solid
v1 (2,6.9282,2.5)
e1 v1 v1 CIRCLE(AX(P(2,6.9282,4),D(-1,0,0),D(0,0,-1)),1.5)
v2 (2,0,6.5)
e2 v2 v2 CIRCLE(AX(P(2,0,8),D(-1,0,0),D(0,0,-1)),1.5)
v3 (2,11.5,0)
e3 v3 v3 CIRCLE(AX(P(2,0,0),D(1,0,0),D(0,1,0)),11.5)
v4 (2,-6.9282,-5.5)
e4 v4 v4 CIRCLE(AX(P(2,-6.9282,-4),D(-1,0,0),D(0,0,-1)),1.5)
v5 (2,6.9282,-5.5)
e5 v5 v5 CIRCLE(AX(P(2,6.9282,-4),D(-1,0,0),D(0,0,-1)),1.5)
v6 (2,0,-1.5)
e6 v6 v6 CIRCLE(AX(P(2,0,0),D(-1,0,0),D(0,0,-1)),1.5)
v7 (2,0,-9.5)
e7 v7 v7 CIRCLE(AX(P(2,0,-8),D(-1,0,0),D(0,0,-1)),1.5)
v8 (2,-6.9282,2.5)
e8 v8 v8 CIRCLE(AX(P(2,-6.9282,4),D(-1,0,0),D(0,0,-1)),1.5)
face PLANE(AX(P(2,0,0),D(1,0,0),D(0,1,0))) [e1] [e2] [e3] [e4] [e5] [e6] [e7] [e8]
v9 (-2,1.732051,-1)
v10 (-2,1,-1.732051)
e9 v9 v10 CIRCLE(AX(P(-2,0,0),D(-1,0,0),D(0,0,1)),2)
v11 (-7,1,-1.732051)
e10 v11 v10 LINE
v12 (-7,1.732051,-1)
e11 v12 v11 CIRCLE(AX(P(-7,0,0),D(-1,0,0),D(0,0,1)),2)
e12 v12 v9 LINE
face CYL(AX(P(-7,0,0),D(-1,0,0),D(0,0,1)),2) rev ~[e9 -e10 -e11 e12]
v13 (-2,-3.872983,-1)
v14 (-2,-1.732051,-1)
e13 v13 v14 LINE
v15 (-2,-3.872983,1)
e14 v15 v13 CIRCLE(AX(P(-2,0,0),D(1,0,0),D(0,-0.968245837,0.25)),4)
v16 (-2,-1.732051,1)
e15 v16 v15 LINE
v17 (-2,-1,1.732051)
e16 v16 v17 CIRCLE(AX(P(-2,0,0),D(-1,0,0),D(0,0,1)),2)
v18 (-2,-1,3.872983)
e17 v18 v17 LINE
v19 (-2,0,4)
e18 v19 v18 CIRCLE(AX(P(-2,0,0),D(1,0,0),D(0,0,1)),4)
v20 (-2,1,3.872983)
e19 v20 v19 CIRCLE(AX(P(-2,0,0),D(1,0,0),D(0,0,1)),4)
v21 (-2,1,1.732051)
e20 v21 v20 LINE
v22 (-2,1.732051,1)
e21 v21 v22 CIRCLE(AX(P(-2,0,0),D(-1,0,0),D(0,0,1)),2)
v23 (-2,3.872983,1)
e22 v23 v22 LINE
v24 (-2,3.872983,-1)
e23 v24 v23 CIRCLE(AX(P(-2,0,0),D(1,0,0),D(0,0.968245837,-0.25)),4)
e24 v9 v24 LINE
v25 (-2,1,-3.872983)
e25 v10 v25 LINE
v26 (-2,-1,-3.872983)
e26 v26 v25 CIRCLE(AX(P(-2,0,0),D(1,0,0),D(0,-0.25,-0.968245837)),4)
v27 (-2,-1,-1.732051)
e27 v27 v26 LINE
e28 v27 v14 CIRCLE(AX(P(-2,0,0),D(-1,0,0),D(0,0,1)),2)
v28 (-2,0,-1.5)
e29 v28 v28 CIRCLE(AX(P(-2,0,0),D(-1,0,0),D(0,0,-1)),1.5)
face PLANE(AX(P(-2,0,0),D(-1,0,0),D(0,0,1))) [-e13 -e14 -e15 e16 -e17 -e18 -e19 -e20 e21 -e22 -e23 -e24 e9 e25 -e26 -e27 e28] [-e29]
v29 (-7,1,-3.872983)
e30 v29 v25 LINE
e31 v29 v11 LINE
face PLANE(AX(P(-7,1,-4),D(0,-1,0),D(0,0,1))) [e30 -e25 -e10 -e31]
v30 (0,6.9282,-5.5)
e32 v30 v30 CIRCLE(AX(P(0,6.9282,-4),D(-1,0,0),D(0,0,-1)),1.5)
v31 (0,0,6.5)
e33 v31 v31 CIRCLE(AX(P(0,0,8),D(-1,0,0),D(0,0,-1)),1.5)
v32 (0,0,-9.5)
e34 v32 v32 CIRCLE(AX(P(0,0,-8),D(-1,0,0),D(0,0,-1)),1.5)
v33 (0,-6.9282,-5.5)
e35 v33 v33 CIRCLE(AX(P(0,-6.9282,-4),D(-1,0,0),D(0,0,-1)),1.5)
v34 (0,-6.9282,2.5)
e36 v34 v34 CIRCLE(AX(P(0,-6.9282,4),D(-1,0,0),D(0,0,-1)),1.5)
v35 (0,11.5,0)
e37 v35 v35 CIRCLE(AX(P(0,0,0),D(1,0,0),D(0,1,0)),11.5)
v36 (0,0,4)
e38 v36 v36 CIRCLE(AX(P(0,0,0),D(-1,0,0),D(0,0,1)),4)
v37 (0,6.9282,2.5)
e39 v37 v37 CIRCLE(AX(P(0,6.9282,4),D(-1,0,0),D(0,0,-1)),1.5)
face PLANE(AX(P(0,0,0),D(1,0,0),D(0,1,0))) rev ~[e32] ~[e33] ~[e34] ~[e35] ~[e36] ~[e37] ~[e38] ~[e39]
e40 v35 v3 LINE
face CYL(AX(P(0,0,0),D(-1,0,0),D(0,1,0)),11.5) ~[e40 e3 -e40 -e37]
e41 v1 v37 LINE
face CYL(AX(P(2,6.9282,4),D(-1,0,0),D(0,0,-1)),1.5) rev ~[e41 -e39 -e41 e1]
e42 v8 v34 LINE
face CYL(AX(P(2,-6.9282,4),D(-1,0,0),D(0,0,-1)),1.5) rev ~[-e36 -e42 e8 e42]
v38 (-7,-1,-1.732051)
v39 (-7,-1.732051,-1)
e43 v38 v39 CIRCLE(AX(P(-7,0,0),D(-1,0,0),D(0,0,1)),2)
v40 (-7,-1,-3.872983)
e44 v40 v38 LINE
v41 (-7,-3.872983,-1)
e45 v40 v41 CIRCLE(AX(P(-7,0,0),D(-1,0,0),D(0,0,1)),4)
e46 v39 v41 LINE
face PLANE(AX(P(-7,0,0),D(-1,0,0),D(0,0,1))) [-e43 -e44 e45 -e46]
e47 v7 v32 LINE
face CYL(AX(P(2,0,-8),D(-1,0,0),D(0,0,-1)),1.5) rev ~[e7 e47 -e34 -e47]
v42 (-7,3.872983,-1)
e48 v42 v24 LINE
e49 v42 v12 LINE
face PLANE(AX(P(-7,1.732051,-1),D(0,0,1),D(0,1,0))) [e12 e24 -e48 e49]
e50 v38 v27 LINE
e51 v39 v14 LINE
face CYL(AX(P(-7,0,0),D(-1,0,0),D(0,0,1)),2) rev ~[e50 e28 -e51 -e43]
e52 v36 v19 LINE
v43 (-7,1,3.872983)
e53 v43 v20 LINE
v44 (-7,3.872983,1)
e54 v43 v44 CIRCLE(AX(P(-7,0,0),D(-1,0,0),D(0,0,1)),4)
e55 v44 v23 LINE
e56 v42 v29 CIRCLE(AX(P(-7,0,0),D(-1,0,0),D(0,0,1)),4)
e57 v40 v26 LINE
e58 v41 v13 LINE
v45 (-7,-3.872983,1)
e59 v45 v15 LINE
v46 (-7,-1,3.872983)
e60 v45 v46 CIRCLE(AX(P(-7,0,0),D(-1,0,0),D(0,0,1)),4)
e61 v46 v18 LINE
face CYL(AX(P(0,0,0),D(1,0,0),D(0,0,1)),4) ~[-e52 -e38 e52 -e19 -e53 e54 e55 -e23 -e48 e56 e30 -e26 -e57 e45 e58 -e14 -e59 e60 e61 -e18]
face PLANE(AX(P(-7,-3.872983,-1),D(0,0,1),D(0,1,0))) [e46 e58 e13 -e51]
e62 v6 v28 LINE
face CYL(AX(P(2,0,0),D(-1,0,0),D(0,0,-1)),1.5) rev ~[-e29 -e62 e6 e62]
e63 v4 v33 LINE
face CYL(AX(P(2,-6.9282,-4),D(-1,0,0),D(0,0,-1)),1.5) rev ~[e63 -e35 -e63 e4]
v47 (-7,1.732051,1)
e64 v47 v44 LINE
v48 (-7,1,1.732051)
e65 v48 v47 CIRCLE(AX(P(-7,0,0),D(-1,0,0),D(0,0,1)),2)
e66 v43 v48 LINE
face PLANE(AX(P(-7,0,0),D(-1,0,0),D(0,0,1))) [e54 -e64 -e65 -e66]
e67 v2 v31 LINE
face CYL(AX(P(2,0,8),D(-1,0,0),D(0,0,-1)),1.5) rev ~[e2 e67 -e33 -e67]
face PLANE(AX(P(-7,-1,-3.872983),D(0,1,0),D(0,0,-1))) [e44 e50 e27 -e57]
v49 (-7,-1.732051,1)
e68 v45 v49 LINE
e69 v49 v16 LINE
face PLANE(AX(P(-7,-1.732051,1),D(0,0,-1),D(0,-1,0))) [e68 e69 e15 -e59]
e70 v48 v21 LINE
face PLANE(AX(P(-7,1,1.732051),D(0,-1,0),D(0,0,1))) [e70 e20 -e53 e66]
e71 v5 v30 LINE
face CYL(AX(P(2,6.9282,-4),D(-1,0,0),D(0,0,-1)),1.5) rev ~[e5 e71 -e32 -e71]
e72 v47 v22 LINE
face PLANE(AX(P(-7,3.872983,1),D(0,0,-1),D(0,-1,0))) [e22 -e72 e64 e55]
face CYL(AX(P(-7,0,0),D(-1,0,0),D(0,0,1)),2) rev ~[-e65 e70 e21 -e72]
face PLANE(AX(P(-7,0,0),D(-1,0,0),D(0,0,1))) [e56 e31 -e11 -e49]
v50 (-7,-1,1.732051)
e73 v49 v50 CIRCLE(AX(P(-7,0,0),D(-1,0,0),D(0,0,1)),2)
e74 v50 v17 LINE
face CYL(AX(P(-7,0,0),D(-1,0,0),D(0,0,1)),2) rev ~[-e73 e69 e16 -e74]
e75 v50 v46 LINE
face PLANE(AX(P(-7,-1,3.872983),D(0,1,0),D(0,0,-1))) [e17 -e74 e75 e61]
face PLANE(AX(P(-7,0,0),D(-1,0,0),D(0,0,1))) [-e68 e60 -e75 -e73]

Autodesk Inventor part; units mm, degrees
ref_plane "YZ Plane" through (0, 0, 0) normal (1, 0, 0) x (0, 1, 0)
ref_plane "XZ Plane" through (0, 0, 0) normal (0, 1, 0) x (-1, 0, 0)
ref_plane "XY Plane" through (0, 0, 0) normal (0, 0, 1) x (1, 0, 0)
sketch "スケッチ1" plane through (0, 0, 0) normal (1, 0, 0) x (0, 1, 0)
  circle A0 centre (0, 0) radius 11.5
  dimension "d0" = 23
extrude "押し出し1" add sketch "スケッチ1" along normal blind 2
sketch "スケッチ4" plane through (0, 0, 0) normal (-1, 0, 0) x (0, 0, 1)
  circle A0 centre (0, 0) radius 4
  dimension "d22" = 8
extrude "押し出し2" add sketch "スケッチ4" along normal blind 7
sketch "スケッチ5" plane through (-7, 0, 0) normal (-1, 0, 0) x (0, 0, 1)
  line L0 (-4, 1) -> (4, 1)
  line L1 (4, 1) -> (4, -1)
  line L2 (4, -1) -> (-4, -1)
  line L3 (-4, -1) -> (-4, 1)
  line L4 (-1, 4) -> (1, 4)
  line L5 (1, 4) -> (1, -4)
  line L6 (1, -4) -> (-1, -4)
  line L7 (-1, -4) -> (-1, 4)
  circle A0 centre (0, 0) radius 4 projected
  circle A1 centre (0, 0) radius 2
  point P0 (0, 4)
  point P1 (4, 0)
  point P2 (1, 0)
  point P3 (0, 1)
  point P4 (1, 1)
  point P5 (-1, 1)
  point P6 (-1, -1)
  point P7 (1, -1)
  point P8 (-1, 1.7321)
  point P9 (-1.7321, 1)
  point P10 (1.7321, 1)
  point P11 (1, 1.7321)
  point P12 (-1.7321, -1)
  point P13 (-1, -1.7321)
  point P14 (1, -1.7321)
  point P15 (1.7321, -1)
  dimension "d25" = 2
  dimension "d26" = 2
  dimension "d29" = 4
extrude "押し出し3" cut sketch "スケッチ5" against normal blind 5 contours L0 A0 L3 | L0 A1 L2 A0 | A0 L2 L3 | A1 L7 L0 | L0 L7 L2 A1 | A0 L5 A1 L7 | L7 L4 A0 | L7 A1 L5 L0 | L0 L5 L2 L7 | L2 L7 A1 | L4 L5 A0 | A0 L6 L7 | L7 A1 L5 A0 | L5 A1 L0 | L0 A1 L2 L5 | L2 L5 A1 L7 | A0 L5 L6 | L0 A0 L2 A1 | L2 A1 L5 | L0 L1 A0 | L1 L2 A0
sketch "スケッチ2" plane through (2, 0, 0) normal (1, 0, 0) x (0, 0, -1)
  point P0 (0, 0)
  point P1 (0, 0)
hole "穴1" at (2, 0, 0) direction (-1, 0, 0) diameter 3 end through all
sketch "スケッチ3" plane through (2, 0, 0) normal (1, 0, 0) x (0, 0, -1)
  point P0 (0, 0)
  point P1 (8, 0)
  point P2 (4, 6.9282)
  point P3 (-4, 6.9282)
  point P4 (-8, 0)
  point P5 (-4, -6.9282)
  point P6 (4, -6.9282)
  dimension "d12" = 360
  dimension "d14" = 16
hole "穴2" at (2, 0, -8) at (2, 6.9282, -4) at (2, 6.9282, 4) at (2, 0, 8) at (2, -6.9282, 4) at (2, -6.9282, -4) direction (-1, 0, 0) diameter 3 end through all
equation "\"d25\" = d26"
properties part number "CircleArm"
